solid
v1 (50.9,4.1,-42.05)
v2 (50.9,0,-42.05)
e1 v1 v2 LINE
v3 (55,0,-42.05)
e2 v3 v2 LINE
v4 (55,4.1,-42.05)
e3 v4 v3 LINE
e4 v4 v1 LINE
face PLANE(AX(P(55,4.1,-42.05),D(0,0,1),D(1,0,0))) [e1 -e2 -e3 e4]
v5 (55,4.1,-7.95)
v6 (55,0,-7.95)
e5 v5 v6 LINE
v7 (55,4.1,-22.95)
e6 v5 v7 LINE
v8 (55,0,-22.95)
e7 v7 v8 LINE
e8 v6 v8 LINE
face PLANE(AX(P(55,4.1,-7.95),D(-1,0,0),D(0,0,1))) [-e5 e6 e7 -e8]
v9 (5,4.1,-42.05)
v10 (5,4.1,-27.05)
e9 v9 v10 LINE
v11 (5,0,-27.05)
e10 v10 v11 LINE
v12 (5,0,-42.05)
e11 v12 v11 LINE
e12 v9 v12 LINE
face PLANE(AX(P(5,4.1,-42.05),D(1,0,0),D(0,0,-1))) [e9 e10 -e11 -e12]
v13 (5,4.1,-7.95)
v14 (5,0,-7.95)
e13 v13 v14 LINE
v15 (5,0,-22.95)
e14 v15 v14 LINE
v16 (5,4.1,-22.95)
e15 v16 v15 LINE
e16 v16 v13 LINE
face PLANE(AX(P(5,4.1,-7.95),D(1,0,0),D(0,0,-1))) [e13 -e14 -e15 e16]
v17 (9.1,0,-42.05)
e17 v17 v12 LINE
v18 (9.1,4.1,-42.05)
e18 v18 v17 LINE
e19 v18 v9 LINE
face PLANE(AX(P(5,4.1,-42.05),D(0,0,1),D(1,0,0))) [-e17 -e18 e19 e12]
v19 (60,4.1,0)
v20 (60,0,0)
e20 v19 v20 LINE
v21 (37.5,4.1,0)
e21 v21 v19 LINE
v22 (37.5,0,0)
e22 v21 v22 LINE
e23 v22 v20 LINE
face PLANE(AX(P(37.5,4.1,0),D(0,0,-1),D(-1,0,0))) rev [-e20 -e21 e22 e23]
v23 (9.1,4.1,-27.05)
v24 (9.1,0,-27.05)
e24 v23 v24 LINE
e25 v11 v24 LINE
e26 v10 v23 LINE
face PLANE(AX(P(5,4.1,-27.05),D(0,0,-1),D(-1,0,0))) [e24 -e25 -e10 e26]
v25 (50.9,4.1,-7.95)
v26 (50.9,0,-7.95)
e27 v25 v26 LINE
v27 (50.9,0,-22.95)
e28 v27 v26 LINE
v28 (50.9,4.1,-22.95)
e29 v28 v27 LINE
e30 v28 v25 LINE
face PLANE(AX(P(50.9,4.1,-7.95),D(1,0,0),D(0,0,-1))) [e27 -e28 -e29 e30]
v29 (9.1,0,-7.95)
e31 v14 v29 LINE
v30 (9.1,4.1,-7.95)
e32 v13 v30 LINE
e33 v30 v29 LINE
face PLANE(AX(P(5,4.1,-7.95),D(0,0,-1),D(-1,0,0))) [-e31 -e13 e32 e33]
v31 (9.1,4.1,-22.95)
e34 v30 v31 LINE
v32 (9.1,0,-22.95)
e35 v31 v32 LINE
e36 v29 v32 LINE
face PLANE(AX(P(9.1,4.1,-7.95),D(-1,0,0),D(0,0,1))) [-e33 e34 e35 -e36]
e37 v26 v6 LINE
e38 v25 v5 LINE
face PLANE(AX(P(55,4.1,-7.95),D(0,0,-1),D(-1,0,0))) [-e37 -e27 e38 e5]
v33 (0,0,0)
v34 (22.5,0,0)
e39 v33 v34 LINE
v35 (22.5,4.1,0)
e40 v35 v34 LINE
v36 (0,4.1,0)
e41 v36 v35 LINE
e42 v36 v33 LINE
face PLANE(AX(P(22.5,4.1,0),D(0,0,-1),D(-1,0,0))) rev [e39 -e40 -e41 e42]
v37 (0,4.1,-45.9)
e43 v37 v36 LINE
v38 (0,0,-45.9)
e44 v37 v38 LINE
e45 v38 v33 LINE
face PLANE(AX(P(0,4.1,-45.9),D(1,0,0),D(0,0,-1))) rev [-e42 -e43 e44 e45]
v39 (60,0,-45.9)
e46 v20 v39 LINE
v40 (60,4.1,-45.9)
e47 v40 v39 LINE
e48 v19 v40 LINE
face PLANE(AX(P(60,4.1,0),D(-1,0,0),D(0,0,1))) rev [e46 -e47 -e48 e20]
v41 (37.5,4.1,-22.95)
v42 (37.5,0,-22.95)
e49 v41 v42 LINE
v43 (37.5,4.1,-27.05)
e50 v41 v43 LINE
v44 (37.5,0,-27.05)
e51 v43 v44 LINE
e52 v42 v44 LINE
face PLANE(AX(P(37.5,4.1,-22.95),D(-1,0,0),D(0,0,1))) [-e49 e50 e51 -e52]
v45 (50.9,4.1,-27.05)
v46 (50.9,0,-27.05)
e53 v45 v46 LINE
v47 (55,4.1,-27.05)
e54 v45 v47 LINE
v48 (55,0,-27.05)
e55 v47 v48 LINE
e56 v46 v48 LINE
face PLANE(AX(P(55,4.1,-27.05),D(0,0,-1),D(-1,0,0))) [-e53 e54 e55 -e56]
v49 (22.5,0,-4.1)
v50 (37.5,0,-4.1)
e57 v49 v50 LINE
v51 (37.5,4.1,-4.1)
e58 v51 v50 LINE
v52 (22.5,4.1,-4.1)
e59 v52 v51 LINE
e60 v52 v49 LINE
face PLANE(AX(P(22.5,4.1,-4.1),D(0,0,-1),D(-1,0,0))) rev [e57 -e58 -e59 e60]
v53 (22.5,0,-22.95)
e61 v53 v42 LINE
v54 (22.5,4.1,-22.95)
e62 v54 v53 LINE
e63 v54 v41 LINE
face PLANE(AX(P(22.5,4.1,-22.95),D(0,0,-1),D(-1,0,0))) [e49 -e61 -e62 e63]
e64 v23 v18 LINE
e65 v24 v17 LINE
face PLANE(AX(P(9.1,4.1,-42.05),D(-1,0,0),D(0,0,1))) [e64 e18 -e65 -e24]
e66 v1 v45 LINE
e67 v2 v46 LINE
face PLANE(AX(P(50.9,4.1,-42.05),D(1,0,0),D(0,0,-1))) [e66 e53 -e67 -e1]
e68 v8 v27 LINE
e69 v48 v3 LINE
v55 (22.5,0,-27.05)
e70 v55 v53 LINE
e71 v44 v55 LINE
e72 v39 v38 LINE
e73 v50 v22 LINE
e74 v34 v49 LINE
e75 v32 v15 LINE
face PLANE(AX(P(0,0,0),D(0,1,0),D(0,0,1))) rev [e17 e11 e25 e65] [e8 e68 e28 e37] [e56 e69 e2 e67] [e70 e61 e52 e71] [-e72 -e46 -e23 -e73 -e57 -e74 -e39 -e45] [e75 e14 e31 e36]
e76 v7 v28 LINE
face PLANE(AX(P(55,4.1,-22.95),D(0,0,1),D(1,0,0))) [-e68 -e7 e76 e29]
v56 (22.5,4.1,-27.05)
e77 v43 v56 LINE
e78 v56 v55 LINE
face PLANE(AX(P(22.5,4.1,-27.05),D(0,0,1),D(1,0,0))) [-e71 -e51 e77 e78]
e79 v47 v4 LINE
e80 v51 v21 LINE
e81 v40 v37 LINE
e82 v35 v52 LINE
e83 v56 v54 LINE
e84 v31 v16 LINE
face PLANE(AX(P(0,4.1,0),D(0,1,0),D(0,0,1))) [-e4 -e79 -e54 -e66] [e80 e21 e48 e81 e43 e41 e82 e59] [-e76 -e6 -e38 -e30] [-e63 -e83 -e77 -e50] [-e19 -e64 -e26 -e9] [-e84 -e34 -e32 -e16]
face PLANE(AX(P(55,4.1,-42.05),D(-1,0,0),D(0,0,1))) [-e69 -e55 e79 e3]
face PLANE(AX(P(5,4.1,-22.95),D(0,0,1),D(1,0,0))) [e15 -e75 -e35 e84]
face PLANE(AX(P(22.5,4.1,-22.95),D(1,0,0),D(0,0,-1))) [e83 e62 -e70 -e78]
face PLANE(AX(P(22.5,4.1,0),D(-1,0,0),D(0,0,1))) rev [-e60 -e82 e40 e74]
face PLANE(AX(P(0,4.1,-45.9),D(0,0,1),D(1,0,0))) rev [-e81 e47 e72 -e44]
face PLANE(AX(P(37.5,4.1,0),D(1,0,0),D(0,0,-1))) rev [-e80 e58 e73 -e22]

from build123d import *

# Parameters (mm, degrees)
SKETCH1_W           = 4.1
SKETCH1_H           = 15
SKETCH1_W_2         = 15
SKETCH1_H_2         = 4.1
BOSS_EXTRUDE1_DEPTH = 4.1


with BuildPart() as part:
    # Sketch1 → Boss-Extrude1 (new body)
    with BuildSketch(Plane(origin=(0, 0, 0), x_dir=(1, 0, 0), z_dir=(0, 1, 0))):
        Polygon((0, 45.9), (0, 0), (22.5, 0), (22.5, 4.1), (37.5, 4.1), (37.5, 0), (60, 0), (60, 45.9), align=None)
        with Locations((7.05, 34.55)):
            Rectangle(SKETCH1_W, SKETCH1_H, mode=Mode.SUBTRACT)
        with Locations((7.05, 15.45)):
            Rectangle(SKETCH1_W, SKETCH1_H, mode=Mode.SUBTRACT)
        with Locations((52.95, 34.55)):
            Rectangle(SKETCH1_W, SKETCH1_H, mode=Mode.SUBTRACT)
        with Locations((52.95, 15.45)):
            Rectangle(SKETCH1_W, SKETCH1_H, mode=Mode.SUBTRACT)
        with Locations((30, 25)):
            Rectangle(SKETCH1_W_2, SKETCH1_H_2, mode=Mode.SUBTRACT)
    extrude(amount=BOSS_EXTRUDE1_DEPTH)


solid = part.part
